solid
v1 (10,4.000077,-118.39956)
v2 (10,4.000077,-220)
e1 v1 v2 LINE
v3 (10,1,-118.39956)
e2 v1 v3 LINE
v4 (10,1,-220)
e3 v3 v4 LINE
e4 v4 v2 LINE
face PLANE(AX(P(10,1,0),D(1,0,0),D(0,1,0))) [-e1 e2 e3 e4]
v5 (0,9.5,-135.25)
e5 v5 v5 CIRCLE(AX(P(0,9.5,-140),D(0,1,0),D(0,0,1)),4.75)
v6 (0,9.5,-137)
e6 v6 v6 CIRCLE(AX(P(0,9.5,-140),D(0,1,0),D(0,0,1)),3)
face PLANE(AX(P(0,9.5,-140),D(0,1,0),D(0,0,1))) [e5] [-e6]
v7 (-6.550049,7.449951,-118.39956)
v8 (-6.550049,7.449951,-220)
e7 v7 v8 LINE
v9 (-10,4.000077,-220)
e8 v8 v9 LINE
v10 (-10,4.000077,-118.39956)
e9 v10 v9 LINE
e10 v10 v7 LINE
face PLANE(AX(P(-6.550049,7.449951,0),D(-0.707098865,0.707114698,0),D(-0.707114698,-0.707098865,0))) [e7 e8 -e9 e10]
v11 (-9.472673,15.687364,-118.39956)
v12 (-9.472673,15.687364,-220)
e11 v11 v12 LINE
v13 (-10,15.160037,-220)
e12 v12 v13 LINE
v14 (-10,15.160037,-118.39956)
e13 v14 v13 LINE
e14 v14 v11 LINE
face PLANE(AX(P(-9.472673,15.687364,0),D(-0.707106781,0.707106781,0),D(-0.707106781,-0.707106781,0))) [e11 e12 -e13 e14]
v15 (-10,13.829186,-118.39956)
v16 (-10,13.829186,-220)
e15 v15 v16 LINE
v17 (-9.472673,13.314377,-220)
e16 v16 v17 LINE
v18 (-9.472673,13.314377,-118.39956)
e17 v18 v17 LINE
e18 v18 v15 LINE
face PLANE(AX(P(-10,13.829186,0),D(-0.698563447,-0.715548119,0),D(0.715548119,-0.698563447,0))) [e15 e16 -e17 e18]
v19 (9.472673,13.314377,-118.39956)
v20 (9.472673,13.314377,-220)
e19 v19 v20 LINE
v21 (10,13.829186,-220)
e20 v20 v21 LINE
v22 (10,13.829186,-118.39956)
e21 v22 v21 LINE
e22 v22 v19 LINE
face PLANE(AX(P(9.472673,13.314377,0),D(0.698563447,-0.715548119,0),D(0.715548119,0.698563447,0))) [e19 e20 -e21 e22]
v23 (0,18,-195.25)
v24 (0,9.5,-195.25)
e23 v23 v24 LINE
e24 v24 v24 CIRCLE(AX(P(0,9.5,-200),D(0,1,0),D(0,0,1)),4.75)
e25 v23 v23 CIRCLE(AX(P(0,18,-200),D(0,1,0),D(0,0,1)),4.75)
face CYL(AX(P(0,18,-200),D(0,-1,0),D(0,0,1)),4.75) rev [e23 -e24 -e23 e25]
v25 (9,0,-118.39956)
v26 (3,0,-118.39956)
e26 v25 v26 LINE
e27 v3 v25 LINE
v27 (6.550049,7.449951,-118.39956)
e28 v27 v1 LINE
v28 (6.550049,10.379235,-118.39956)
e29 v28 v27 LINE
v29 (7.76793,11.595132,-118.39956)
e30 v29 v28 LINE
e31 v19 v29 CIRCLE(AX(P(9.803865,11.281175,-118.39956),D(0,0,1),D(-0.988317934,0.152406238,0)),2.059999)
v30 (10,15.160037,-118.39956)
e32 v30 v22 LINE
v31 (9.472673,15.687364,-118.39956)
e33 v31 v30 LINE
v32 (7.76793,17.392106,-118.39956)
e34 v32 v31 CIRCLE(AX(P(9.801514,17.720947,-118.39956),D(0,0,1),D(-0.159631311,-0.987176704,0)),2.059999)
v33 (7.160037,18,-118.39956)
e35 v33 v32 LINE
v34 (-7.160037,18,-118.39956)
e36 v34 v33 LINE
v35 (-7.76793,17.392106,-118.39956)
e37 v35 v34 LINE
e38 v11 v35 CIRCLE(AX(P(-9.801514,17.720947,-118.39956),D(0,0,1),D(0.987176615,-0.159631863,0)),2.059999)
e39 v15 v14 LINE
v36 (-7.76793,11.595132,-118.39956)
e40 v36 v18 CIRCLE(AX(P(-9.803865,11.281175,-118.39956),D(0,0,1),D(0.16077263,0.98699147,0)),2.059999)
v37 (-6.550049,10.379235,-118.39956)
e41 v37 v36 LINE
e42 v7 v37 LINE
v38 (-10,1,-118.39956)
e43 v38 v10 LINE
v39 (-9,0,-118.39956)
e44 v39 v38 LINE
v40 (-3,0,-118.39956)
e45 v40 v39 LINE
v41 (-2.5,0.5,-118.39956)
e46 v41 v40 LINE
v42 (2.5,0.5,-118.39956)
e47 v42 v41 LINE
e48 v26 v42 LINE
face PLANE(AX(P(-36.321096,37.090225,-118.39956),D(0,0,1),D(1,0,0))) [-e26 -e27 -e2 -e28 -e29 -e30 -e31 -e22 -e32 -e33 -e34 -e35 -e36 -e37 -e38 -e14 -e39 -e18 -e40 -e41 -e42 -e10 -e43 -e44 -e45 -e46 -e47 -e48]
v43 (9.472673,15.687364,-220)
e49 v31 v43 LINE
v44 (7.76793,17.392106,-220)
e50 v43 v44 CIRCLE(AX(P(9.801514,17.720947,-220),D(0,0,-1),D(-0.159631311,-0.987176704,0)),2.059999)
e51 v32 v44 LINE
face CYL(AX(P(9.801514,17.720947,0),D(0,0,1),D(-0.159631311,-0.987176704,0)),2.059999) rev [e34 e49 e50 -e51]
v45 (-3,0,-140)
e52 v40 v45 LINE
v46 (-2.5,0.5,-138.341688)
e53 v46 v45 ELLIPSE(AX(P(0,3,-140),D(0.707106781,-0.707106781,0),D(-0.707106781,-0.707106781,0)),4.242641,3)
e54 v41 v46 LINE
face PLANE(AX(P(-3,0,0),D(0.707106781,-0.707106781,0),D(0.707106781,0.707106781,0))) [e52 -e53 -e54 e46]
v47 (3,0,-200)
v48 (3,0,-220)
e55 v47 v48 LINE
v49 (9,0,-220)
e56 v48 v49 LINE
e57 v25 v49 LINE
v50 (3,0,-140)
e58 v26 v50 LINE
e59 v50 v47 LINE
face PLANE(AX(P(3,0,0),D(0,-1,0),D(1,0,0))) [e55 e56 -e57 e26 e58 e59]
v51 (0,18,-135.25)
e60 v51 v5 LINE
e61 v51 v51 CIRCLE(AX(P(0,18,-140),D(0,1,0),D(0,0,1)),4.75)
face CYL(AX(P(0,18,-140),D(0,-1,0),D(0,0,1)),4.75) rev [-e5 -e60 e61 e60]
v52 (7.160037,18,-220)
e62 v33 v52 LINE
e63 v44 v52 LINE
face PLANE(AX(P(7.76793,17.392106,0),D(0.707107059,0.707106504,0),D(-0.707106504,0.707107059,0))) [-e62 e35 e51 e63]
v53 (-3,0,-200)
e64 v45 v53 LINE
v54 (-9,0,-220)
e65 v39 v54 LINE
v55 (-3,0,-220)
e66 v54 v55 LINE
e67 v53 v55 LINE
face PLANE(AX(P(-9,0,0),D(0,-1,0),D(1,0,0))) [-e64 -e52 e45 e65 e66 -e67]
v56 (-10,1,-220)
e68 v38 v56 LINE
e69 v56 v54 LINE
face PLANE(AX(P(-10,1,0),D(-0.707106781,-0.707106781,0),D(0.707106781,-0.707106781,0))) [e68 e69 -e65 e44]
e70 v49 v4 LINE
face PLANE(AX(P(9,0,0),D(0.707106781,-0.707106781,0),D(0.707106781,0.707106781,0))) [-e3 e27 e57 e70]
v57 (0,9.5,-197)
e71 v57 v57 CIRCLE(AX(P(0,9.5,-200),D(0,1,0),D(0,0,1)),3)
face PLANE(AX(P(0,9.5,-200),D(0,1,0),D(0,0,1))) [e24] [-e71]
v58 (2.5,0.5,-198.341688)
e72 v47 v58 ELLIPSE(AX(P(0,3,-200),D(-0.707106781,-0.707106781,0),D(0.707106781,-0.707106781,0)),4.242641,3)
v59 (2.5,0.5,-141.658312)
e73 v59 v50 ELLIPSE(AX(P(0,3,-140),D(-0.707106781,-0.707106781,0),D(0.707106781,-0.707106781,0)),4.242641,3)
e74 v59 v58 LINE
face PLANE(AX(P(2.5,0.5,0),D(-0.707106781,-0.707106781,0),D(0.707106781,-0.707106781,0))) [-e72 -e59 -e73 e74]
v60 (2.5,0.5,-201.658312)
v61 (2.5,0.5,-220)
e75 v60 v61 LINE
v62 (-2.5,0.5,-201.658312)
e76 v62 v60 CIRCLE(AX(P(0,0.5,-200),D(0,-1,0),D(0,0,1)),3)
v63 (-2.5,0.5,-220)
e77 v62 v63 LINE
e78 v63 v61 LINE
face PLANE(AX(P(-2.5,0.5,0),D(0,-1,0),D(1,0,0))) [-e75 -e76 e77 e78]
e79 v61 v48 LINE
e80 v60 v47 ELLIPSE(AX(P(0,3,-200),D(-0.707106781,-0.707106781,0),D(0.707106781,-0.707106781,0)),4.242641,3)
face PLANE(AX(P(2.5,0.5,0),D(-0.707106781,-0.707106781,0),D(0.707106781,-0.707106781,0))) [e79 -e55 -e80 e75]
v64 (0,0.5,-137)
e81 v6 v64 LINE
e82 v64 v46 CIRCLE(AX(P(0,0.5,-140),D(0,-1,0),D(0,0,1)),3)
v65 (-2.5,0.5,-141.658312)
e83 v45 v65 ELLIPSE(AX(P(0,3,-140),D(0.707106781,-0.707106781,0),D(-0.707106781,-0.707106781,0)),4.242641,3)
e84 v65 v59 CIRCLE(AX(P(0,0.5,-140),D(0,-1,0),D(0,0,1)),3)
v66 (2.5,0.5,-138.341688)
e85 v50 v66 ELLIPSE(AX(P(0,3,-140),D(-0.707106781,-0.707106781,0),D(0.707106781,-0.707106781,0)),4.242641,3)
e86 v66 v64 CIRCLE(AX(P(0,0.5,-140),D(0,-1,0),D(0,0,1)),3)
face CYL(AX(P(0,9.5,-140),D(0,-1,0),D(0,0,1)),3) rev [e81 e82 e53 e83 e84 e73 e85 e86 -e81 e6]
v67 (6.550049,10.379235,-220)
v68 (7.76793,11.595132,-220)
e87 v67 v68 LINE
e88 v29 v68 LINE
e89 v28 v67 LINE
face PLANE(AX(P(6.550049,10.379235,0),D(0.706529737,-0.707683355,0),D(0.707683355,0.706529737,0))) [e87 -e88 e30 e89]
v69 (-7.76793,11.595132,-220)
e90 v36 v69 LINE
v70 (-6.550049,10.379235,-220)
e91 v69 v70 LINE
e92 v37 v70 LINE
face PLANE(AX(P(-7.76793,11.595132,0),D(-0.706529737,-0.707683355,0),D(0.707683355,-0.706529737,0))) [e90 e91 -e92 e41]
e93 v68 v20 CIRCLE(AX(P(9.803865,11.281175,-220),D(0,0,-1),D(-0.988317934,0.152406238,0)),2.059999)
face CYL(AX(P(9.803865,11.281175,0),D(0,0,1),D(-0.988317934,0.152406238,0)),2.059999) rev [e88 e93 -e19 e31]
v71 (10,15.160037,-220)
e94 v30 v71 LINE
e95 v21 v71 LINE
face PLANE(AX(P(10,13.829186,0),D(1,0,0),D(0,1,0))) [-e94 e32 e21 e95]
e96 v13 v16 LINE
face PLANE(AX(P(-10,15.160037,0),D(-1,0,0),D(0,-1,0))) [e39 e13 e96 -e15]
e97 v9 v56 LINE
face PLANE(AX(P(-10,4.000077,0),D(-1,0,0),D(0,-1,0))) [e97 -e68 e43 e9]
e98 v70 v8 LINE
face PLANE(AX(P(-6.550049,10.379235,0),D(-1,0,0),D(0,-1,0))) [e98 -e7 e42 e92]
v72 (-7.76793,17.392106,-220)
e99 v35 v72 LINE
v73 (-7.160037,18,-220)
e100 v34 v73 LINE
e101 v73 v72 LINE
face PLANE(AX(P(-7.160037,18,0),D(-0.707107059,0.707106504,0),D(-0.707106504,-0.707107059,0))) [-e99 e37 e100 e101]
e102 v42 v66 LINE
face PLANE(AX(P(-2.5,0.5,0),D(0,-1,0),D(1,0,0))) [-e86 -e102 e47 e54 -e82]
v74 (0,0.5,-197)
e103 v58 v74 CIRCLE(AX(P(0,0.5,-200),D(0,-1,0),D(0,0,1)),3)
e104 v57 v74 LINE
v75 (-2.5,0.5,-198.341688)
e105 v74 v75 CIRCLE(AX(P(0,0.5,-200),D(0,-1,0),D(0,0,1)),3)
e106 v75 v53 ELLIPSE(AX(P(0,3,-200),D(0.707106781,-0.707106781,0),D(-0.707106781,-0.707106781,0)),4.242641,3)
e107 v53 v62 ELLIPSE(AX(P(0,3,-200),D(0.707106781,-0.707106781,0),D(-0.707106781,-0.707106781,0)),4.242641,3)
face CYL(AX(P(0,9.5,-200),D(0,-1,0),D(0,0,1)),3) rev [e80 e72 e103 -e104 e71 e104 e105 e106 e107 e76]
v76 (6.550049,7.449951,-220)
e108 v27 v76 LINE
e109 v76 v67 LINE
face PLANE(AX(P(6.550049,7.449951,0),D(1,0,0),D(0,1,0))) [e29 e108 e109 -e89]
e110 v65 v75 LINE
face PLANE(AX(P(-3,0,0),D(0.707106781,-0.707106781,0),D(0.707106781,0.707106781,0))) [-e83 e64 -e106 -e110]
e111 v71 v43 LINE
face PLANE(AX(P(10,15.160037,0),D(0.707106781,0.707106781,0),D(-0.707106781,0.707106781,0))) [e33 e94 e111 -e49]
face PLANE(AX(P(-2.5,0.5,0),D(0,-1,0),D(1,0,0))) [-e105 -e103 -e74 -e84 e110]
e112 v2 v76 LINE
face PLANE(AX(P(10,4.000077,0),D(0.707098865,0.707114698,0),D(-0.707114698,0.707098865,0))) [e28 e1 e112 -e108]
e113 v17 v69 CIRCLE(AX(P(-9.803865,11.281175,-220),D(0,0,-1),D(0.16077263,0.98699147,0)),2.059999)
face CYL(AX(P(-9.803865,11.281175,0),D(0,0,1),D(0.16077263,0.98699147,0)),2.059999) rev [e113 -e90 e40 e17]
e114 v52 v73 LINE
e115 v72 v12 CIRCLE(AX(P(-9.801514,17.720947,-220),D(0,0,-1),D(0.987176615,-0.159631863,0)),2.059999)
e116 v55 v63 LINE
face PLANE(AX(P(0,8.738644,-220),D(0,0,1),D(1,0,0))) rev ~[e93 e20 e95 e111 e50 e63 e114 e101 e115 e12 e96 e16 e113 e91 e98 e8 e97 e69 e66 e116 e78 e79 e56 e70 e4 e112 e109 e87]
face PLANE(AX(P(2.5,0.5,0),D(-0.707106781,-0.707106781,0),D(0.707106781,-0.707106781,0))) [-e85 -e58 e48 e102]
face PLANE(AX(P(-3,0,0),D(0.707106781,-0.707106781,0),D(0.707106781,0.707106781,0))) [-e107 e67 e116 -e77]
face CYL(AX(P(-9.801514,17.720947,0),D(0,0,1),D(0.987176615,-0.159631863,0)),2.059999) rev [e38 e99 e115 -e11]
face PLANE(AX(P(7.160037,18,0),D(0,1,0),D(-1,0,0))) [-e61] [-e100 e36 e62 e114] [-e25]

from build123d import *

# Parameters (mm, degrees)
EXTRUDE1_DEPTH     = 220
LPATTERN1_COUNT    = 4
LPATTERN1_PITCH    = 60
SKETCH3_R          = 82.349198064
CUT_EXTRUDE1_DEPTH = 118.39956


with BuildPart() as part:
    # Sketch1 → Extrude1 (new body)
    with BuildSketch(Plane(origin=(-20, 0, 0), x_dir=(1, 0, 0), z_dir=(0, 0, 1))):
        with BuildLine():
            Line((10, 4.000077248), (10, 1))
            Line((10, 1), (11, 0))
            Line((11, 0), (17, 0))
            Line((17, 0), (17.5, 0.5))
            Line((17.5, 0.5), (22.5, 0.5))
            Line((22.5, 0.5), (23, 0))
            Line((23, 0), (29, 0))
            Line((29, 0), (30, 1))
            Line((30, 1), (30, 4.000077248))
            Line((30, 4.000077248), (26.550048828, 7.449951172))
            Line((26.550048828, 7.449951172), (26.550048828, 10.379235268))
            Line((26.550048828, 10.379235268), (27.767930373, 11.595131504))
            ThreePointArc((27.767930373, 11.595131504), (28.341068744, 12.731631743), (29.472673258, 13.314376637))
            Line((29.472673258, 13.314376637), (30, 13.82918644))
            Line((30, 13.82918644), (30, 15.160037041))
            Line((30, 15.160037041), (29.472673258, 15.687363783))
            ThreePointArc((29.472673258, 15.687363783), (28.344874488, 16.264307267), (27.767930373, 17.392105714))
            Line((27.767930373, 17.392105714), (27.160036564, 18))
            Line((27.160036564, 18), (12.839963436, 18))
            Line((12.839963436, 18), (12.232069627, 17.392105714))
            ThreePointArc((12.232069627, 17.392105714), (11.655125512, 16.264307267), (10.527326742, 15.687363783))
            Line((10.527326742, 15.687363783), (10, 15.160037041))
            Line((10, 15.160037041), (10, 13.82918644))
            Line((10, 13.82918644), (10.527326742, 13.314376637))
            ThreePointArc((10.527326742, 13.314376637), (11.658931256, 12.731631743), (12.232069627, 11.595131504))
            Line((12.232069627, 11.595131504), (13.449951172, 10.379235268))
            Line((13.449951172, 10.379235268), (13.449951172, 7.449951172))
            Line((13.449951172, 7.449951172), (10, 4.000077248))
        make_face()
    extrude(amount=-EXTRUDE1_DEPTH)

    # Sketch2 → Cut-Revolve1 (revolve, cut)
    with BuildSketch(Plane(origin=(0, 0, 0), x_dir=(0, 0, -1), z_dir=(1, 0, 0))):
        Polygon((20, 18), (24.75, 18), (24.75, 9.5), (23, 9.5), (23, 0), (20, 0), align=None)
    cut_revolve1 = revolve(axis=Axis((0, 0, -20), (0, 1, 0)), mode=Mode.SUBTRACT)

    # LPattern1: Cut-Revolve1 ×4
    with Locations(*[(0, 0, -i * LPATTERN1_PITCH) for i in range(1, LPATTERN1_COUNT)]):
        add(cut_revolve1, mode=Mode.SUBTRACT)

    # Sketch3 → Cut-Extrude1 (cut)
    with BuildSketch(Plane(origin=(7.767930373, 17.392105714, 0), x_dir=(1, 0, 0), z_dir=(0, 0, 1))):
        with Locations((-44.089026553, 19.698119616)):
            Circle(SKETCH3_R)
    extrude(amount=-CUT_EXTRUDE1_DEPTH, mode=Mode.SUBTRACT)


solid = part.part
